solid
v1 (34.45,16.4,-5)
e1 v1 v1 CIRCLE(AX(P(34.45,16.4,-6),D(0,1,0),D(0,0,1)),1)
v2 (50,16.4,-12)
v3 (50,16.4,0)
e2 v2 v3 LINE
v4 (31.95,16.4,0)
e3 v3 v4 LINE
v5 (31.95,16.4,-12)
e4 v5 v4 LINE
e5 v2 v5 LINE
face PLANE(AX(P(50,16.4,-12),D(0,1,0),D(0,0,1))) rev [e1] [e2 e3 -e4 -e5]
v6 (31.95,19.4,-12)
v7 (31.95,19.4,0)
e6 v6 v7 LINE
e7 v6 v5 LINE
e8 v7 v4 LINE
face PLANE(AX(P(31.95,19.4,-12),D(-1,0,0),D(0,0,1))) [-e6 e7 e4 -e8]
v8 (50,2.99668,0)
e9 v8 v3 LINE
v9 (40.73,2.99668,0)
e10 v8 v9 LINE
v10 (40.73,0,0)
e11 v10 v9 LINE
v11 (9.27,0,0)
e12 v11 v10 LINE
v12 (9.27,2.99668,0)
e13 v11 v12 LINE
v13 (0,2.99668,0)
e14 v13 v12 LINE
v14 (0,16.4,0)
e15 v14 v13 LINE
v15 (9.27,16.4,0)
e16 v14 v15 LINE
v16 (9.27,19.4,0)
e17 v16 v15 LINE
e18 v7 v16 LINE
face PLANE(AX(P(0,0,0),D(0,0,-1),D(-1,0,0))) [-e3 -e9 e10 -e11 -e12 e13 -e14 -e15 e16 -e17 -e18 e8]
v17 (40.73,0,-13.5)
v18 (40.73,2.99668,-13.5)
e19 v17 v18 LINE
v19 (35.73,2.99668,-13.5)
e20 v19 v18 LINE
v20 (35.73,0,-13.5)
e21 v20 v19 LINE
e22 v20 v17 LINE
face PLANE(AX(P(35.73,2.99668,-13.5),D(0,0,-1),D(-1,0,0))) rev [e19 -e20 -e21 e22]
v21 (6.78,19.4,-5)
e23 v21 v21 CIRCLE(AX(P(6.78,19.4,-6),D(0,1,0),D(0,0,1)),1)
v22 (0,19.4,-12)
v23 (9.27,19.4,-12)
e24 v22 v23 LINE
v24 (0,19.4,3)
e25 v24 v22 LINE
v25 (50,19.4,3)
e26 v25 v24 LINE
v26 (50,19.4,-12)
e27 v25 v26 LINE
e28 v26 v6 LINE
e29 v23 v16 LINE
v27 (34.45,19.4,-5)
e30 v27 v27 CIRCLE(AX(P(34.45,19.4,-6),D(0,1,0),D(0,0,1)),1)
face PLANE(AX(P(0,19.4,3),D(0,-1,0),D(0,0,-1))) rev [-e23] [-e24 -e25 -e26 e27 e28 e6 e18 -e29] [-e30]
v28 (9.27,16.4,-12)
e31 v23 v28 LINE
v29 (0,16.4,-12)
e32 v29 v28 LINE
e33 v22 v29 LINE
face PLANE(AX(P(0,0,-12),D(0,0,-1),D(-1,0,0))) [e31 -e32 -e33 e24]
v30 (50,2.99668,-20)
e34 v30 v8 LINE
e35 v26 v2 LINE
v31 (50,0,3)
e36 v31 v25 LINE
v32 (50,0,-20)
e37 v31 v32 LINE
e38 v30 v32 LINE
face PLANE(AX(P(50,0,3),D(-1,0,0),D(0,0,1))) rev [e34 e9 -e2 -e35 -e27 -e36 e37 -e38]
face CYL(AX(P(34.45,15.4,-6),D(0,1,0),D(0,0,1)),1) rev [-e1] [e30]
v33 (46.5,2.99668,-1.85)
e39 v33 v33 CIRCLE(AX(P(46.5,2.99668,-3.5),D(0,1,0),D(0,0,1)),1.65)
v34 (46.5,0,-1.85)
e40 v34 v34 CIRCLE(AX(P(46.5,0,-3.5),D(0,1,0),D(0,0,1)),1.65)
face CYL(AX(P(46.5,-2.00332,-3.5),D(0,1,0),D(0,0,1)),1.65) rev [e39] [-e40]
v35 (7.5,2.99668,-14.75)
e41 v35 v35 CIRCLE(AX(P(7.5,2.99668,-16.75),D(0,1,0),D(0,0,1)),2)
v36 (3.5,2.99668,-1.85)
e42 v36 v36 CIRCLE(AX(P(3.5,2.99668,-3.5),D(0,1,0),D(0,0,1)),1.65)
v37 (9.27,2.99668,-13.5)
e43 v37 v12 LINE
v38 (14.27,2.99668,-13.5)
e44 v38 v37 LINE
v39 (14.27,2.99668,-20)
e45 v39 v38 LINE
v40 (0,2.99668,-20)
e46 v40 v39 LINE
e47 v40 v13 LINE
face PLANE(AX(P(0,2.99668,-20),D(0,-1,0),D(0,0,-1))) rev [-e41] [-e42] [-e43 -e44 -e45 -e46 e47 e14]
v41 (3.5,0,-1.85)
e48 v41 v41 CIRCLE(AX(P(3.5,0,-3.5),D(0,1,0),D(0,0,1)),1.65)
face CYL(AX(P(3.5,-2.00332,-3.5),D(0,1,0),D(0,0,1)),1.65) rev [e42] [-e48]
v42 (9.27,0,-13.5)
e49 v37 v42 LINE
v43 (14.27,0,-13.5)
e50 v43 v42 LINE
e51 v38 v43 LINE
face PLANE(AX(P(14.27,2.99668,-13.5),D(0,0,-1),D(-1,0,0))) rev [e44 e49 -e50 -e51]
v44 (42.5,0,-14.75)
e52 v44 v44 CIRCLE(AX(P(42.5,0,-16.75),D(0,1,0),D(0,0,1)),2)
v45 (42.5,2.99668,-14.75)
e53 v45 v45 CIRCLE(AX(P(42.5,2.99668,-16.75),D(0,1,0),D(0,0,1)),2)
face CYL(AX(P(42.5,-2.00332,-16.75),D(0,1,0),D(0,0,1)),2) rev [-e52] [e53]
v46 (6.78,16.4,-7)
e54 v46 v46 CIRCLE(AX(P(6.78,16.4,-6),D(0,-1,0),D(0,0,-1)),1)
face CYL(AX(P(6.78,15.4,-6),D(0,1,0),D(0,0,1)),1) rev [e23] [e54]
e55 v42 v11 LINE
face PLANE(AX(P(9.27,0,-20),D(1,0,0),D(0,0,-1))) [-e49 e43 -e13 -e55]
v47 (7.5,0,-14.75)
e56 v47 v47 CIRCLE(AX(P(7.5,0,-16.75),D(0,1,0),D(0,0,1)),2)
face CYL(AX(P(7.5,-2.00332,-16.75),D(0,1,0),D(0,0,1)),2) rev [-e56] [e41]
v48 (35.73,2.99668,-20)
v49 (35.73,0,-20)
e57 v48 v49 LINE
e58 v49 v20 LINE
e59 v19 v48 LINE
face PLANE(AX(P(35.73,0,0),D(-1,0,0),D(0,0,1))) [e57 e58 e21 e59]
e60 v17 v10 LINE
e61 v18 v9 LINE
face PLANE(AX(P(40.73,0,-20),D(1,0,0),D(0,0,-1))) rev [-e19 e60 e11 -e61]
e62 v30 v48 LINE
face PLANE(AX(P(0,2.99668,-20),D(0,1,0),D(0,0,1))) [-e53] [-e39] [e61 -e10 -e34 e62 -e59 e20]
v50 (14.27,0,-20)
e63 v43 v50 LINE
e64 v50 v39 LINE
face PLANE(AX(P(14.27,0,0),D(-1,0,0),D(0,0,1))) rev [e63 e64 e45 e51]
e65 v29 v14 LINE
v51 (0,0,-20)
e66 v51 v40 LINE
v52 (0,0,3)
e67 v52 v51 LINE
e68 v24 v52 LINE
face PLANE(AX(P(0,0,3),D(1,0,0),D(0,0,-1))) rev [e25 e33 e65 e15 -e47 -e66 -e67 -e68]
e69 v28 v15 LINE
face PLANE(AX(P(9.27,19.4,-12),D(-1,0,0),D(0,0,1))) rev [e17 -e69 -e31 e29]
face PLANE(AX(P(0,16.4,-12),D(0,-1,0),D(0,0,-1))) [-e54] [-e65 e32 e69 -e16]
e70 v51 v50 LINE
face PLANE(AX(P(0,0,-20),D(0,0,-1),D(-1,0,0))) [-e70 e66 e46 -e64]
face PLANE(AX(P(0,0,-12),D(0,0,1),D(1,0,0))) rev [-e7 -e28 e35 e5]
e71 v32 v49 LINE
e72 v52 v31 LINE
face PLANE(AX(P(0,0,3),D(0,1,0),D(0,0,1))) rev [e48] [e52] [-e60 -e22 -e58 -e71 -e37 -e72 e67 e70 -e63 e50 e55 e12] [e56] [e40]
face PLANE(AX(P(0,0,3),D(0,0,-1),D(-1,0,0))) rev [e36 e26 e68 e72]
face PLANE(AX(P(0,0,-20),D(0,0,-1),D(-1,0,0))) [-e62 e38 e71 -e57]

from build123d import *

# Parameters (mm, degrees)
SKETCH_1_W          = 50
SKETCH_1_H          = 19.4
EXTRUDE_1_DEPTH     = 3
SKETCH_2_W          = 18.05
SKETCH_2_H          = 3
SKETCH_2_W_2        = 9.27
EXTRUDE_3_DEPTH     = 12
SKETCH_5_R          = 1
CUT_EXTRUDE_1_DEPTH = 4
SKETCH_6_W          = 9.27
SKETCH_6_H          = 2.996679997
EXTRUDE_5_DEPTH     = 20
SKETCH_9_W          = 6.5
SKETCH_9_H          = 2.996679997
EXTRUDE_6_DEPTH     = 5
SKETCH_10_W         = 6.5
SKETCH_10_H         = 2.996679997
EXTRUDE_7_DEPTH     = 5
SKETCH_11_R         = 2
SKETCH_11_R_2       = 1.65
CUT_EXTRUDE_3_DEPTH = 5
SKETCH_12_R         = 2
SKETCH_12_R_2       = 1.65
CUT_EXTRUDE_4_DEPTH = 5


with BuildPart() as part:
    # 草图1 → 凸台-拉伸1 (new body)
    with BuildSketch(Plane.XY):
        with Locations((25, 9.7)):
            Rectangle(SKETCH_1_W, SKETCH_1_H)
    extrude(amount=EXTRUDE_1_DEPTH)

    # 草图2 → 凸台-拉伸3 (add)
    with BuildSketch(Plane(origin=(0, 0, 0), x_dir=(-1, 0, 0), z_dir=(0, 0, -1))):
        with Locations((-40.975, 17.9)):
            Rectangle(SKETCH_2_W, SKETCH_2_H)
        with Locations((-4.635, 17.9)):
            Rectangle(SKETCH_2_W_2, SKETCH_2_H)
    extrude(amount=EXTRUDE_3_DEPTH)

    # 草图5 → 切除-拉伸1 (cut)
    with BuildSketch(Plane(origin=(0, 19.4, 0), x_dir=(1, 0, 0), z_dir=(0, 1, 0))):
        with Locations((34.45, 6)):
            Circle(SKETCH_5_R)
        with Locations((6.78, 6)):
            Circle(SKETCH_5_R)
    extrude(amount=-CUT_EXTRUDE_1_DEPTH, mode=Mode.SUBTRACT)

    # 草图6 → 凸台-拉伸5 (add)
    with BuildSketch(Plane(origin=(0, 0, 0), x_dir=(-1, 0, 0), z_dir=(0, 0, -1))):
        with Locations((-45.365, 1.498339999)):
            Rectangle(SKETCH_6_W, SKETCH_6_H)
        with Locations((-4.635, 1.498339999)):
            Rectangle(SKETCH_6_W, SKETCH_6_H)
    extrude(amount=EXTRUDE_5_DEPTH)

    # 草图9 → 凸台-拉伸6 (add)
    with BuildSketch(Plane(origin=(9.27, 0, 0), x_dir=(0, 0, -1), z_dir=(1, 0, 0))):
        with Locations((16.75, 1.498339999)):
            Rectangle(SKETCH_9_W, SKETCH_9_H)
    extrude(amount=EXTRUDE_6_DEPTH)

    # 草图10 → 凸台-拉伸7 (add)
    with BuildSketch(Plane.ZY.offset(-40.73)):
        with Locations((-16.75, 1.498339999)):
            Rectangle(SKETCH_10_W, SKETCH_10_H)
    extrude(amount=EXTRUDE_7_DEPTH)

    # 草图11 → 切除-拉伸3 (cut)
    with BuildSketch(Plane(origin=(0, 2.996679997, 0), x_dir=(1, 0, 0), z_dir=(0, 1, 0))):
        with Locations((42.5, 16.75)):
            Circle(SKETCH_11_R)
        with Locations((46.5, 3.5)):
            Circle(SKETCH_11_R_2)
    extrude(amount=-CUT_EXTRUDE_3_DEPTH, mode=Mode.SUBTRACT)

    # 草图12 → 切除-拉伸4 (cut)
    with BuildSketch(Plane(origin=(0, 2.996679997, 0), x_dir=(1, 0, 0), z_dir=(0, 1, 0))):
        with Locations((7.5, 16.75)):
            Circle(SKETCH_12_R)
        with Locations((3.5, 3.5)):
            Circle(SKETCH_12_R_2)
    extrude(amount=-CUT_EXTRUDE_4_DEPTH, mode=Mode.SUBTRACT)


solid = part.part
